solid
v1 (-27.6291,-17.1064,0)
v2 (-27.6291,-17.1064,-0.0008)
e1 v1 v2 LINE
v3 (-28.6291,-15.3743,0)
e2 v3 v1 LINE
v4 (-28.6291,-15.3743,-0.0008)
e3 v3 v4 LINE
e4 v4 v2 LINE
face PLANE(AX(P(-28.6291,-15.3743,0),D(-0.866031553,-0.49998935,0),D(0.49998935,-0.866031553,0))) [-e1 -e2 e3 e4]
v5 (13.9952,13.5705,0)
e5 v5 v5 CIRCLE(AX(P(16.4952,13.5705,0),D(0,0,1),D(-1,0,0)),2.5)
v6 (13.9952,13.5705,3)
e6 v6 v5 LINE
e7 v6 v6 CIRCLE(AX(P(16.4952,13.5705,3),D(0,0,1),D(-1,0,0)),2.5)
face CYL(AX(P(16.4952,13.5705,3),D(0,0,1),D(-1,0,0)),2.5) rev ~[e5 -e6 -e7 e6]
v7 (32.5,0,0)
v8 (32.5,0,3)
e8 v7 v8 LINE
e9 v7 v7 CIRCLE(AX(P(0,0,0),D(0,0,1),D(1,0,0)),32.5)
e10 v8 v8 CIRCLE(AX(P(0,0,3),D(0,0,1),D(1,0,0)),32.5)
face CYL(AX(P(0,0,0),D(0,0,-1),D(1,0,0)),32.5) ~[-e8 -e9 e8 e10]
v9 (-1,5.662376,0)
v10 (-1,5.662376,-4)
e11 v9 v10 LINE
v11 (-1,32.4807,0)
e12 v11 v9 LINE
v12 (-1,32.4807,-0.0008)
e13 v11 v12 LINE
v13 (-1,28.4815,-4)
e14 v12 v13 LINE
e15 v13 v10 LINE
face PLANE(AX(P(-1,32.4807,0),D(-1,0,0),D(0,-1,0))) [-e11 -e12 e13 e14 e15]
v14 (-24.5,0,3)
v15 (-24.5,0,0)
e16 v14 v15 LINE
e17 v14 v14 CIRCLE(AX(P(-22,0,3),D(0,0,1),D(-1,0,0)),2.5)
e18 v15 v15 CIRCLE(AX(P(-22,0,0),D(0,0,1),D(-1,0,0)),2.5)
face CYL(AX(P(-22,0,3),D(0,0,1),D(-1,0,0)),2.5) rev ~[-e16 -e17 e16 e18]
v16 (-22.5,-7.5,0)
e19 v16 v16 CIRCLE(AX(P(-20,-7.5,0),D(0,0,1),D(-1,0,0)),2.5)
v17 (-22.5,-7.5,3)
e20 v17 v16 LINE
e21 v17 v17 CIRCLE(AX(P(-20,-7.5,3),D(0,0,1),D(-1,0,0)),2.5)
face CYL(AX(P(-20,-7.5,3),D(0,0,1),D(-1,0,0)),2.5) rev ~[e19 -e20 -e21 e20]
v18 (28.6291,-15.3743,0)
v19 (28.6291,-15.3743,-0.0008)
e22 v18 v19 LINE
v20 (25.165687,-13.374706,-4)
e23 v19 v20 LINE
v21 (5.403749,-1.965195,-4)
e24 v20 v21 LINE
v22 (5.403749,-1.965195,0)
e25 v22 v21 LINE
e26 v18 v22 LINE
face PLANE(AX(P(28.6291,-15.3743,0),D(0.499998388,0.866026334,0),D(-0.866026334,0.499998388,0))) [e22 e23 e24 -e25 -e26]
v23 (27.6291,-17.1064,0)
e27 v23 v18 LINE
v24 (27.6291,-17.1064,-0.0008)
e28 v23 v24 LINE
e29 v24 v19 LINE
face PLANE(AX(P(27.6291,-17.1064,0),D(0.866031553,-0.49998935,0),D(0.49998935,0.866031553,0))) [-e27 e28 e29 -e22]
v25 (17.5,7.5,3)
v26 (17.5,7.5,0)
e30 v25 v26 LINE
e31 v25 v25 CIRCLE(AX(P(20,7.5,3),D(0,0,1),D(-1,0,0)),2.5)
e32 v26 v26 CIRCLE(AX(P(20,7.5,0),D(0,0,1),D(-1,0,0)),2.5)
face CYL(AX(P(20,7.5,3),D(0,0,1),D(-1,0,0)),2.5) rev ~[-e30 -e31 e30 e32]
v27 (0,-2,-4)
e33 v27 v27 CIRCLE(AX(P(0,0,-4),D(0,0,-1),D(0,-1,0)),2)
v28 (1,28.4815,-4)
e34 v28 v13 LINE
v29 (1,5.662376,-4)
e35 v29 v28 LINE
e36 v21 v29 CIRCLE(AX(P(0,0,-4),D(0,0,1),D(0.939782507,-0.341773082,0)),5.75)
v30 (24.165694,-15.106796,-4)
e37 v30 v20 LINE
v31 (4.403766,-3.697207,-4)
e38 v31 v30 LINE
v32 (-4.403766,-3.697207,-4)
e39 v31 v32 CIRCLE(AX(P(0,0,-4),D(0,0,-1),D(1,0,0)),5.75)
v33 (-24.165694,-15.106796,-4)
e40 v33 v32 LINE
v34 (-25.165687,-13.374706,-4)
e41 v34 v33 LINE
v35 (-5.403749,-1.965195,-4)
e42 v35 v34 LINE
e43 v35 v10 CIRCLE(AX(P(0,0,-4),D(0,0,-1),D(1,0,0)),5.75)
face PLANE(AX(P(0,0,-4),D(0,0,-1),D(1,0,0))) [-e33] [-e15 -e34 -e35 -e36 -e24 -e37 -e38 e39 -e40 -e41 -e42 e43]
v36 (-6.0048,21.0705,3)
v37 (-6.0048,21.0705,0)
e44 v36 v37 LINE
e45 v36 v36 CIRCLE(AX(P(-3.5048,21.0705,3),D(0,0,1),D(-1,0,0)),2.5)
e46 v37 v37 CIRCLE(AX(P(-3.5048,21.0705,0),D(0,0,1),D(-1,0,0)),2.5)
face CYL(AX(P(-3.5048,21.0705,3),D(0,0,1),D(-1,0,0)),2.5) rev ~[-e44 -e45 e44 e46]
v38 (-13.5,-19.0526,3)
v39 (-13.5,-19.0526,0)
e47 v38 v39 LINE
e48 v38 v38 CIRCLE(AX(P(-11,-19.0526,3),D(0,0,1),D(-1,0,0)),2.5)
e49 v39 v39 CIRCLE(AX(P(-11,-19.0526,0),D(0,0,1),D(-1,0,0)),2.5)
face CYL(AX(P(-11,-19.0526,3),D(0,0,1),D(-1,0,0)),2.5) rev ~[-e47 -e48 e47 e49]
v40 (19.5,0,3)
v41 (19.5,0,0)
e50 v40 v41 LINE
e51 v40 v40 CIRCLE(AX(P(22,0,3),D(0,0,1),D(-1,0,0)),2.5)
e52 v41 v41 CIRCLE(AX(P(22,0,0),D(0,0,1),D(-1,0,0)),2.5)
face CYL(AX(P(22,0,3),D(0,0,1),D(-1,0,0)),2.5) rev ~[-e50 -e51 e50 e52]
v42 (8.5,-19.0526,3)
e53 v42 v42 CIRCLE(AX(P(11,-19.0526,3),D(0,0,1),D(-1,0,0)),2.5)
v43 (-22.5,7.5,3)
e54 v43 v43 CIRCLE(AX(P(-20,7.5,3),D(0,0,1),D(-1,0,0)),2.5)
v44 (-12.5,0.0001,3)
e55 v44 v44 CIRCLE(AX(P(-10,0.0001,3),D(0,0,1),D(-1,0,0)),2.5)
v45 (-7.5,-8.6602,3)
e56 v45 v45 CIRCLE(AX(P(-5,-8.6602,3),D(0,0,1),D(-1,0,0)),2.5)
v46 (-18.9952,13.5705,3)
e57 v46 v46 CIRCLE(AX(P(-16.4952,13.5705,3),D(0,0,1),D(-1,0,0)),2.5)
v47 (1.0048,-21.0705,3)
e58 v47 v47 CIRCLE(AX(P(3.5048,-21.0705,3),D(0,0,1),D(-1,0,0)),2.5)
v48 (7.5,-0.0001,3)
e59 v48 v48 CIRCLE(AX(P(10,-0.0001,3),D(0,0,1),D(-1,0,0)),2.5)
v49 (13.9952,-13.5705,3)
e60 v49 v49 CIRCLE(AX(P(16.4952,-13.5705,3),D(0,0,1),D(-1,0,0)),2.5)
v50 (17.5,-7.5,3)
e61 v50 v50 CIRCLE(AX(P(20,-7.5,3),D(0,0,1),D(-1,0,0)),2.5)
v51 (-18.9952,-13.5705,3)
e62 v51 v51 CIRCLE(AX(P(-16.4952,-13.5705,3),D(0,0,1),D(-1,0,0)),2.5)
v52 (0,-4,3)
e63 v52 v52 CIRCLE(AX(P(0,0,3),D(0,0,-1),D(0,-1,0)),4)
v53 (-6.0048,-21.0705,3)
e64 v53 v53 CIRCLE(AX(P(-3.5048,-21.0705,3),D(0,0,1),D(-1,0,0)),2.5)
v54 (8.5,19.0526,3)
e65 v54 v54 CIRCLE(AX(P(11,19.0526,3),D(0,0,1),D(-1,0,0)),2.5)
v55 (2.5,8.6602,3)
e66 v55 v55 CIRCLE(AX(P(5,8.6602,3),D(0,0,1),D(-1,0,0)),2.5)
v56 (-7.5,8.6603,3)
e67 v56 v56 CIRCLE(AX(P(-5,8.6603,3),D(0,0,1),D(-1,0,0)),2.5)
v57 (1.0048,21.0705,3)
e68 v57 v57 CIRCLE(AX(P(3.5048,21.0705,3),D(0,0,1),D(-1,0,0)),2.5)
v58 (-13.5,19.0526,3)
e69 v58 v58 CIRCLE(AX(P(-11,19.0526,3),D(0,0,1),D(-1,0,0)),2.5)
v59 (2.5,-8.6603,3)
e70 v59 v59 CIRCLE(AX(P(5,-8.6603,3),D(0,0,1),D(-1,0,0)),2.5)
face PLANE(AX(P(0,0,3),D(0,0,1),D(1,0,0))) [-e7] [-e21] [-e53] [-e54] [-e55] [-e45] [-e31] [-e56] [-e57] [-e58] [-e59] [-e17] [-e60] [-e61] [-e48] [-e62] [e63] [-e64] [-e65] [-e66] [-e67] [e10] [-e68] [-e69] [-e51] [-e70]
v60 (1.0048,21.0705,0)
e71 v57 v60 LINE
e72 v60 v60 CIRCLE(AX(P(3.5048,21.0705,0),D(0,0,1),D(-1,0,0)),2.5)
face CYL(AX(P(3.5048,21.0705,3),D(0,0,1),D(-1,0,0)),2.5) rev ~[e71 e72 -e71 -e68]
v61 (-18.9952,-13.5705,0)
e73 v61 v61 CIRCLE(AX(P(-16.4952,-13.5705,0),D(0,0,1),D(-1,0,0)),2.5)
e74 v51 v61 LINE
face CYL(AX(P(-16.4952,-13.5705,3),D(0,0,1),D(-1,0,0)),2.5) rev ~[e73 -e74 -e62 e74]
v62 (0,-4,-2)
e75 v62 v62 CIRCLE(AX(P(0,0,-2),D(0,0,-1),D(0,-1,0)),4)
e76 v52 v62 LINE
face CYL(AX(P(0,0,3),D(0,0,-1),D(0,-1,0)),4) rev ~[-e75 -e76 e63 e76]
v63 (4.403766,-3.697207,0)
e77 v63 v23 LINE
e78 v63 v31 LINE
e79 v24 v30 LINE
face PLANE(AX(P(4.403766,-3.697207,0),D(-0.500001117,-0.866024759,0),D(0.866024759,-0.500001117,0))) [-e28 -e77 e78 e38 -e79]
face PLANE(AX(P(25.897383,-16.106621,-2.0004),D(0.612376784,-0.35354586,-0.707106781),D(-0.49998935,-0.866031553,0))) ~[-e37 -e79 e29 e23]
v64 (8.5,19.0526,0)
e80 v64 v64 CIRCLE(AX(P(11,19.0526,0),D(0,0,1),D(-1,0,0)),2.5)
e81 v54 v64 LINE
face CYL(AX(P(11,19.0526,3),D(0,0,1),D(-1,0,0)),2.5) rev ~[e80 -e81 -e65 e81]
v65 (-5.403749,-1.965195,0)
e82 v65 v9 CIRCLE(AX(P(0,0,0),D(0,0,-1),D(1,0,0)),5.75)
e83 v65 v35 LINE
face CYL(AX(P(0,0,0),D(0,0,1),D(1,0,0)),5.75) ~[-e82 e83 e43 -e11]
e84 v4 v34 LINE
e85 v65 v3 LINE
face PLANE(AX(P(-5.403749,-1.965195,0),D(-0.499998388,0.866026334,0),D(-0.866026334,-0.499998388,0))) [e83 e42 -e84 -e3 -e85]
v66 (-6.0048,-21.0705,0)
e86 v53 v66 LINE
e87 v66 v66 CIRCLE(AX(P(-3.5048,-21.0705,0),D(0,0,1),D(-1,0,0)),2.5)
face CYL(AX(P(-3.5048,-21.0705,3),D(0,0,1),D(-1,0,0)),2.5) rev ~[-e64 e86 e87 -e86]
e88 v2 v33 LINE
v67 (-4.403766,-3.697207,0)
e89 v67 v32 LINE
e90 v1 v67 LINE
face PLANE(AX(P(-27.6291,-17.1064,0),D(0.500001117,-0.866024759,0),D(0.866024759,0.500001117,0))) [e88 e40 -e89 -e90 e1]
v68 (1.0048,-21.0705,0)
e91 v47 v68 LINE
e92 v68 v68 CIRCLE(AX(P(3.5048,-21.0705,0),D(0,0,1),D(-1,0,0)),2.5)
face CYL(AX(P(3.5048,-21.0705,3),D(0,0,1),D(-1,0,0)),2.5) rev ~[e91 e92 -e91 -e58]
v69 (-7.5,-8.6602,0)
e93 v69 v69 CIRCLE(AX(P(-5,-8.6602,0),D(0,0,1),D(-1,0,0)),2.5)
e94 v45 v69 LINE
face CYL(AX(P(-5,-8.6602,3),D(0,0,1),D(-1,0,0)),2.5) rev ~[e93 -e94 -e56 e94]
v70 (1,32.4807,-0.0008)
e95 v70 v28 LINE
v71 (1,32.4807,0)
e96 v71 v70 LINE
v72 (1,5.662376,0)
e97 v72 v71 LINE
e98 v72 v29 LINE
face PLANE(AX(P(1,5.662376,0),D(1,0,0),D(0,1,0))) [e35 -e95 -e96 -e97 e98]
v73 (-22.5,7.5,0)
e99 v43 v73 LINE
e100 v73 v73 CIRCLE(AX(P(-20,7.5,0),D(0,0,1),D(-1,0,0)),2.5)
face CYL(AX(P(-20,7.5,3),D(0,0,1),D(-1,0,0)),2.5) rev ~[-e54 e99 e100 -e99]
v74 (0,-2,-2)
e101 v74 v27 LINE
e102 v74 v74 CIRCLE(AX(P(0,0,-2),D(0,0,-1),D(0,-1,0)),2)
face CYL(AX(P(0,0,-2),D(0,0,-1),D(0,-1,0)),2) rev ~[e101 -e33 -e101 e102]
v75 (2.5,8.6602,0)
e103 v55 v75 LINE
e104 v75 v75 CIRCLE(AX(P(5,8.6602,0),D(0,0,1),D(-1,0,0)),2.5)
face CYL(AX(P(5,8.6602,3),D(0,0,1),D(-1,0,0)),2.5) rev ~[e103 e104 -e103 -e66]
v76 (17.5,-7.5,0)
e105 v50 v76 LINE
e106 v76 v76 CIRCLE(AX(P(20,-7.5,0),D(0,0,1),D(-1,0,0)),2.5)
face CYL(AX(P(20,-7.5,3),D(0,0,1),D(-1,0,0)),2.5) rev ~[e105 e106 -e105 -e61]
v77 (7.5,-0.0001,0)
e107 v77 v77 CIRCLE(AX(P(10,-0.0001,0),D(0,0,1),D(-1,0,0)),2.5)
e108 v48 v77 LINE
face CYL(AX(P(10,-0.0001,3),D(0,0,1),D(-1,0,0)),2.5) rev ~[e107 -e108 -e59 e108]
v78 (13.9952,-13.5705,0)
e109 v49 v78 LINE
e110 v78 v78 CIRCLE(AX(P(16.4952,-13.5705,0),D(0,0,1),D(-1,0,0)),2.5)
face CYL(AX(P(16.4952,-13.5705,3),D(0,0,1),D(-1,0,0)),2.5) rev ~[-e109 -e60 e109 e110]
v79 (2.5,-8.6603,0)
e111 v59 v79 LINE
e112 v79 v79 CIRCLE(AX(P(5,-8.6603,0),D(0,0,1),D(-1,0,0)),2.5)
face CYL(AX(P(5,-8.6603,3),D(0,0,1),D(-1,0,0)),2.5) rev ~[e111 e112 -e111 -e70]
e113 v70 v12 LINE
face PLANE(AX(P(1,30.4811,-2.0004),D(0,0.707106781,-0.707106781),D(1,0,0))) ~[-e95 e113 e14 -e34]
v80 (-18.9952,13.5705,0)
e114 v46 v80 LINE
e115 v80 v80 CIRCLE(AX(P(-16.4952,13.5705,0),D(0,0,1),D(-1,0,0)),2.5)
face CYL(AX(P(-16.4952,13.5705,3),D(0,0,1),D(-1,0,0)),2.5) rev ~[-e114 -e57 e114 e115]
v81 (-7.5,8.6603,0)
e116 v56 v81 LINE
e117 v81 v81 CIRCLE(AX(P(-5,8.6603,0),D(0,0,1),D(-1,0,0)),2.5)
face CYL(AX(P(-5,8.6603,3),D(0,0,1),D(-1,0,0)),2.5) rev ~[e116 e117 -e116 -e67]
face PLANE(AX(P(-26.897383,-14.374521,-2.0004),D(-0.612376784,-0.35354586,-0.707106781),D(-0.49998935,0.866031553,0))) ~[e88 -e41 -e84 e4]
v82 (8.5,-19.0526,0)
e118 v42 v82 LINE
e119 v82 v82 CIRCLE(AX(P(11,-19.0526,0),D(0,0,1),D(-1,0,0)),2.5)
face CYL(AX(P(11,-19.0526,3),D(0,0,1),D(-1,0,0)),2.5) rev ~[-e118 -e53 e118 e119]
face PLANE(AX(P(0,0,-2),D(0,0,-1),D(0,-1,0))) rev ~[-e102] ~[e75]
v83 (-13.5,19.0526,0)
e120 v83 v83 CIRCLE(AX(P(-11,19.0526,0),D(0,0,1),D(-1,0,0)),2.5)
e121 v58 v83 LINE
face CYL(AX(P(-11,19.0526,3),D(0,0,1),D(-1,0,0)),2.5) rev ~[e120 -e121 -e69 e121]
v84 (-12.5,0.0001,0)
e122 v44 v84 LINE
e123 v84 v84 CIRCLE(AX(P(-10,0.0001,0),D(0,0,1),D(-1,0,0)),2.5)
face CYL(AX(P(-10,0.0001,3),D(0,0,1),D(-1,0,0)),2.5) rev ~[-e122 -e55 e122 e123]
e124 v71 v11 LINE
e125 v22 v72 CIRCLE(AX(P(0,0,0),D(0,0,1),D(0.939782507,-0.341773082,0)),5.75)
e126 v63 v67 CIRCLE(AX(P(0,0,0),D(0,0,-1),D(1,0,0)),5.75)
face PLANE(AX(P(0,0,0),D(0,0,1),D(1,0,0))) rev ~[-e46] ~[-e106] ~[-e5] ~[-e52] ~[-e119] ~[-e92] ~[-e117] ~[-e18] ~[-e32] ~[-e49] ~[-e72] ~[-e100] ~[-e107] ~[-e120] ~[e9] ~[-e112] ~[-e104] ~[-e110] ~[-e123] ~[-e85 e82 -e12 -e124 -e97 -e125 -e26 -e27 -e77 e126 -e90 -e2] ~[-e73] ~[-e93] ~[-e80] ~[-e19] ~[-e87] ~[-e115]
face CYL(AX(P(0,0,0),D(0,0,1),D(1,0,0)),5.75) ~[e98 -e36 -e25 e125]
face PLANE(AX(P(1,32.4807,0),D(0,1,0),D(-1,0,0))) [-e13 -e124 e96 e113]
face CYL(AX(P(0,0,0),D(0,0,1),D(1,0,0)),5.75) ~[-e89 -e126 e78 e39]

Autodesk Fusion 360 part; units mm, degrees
sketch "Skizze1" plane through (0, 0, 0) normal (0, 0, 1) x (1, 0, 0)
  circle A0 centre (0, 0) radius 32.5
  dimension "d1" = 65
extrude "Extrusion1" add sketch "Skizze1" along normal blind 3
sketch "Skizze2" plane through (0, 0, 0) normal (0, 0, -1) x (1, 0, 0)
  circle A0 centre (0, 0) radius 32.5
  circle A1 centre (0, 0) radius 5.75
  dimension "d4" = 11.5
extrude "Extrusion2" add sketch "Skizze2" along normal blind 4 contours A1
hole "Bohrung1" at (0, 0, 3) direction (0, 0, -1) diameter 4 depth 99 tip angle 118 counterbore diameter 8 counterbore depth 5
sketch "Skizze3" plane through (0, 0, 3) normal (0, 0, 1) x (-1, 0, 0)
  circle A0 centre (0, 0) radius 4
  circle A1 centre (0, 0) radius 32.5
  circle A2 centre (-10, 0.0001) radius 2.5
  circle A3 centre (-22, 0) radius 2.5
  circle A4 centre (-20, 7.5) radius 2.5
  circle A5 centre (-20, -7.5) radius 2.5
  circle A6 centre (-5, -8.6602) radius 2.5
  circle A7 centre (-16.4952, -13.5705) radius 2.5
  circle A8 centre (-11, -19.0526) radius 2.5
  circle A9 centre (-3.5048, -21.0705) radius 2.5
  circle A10 centre (5, -8.6603) radius 2.5
  circle A11 centre (3.5048, -21.0705) radius 2.5
  circle A12 centre (11, -19.0526) radius 2.5
  circle A13 centre (16.4952, -13.5705) radius 2.5
  circle A14 centre (10, -0.0001) radius 2.5
  circle A15 centre (20, -7.5) radius 2.5
  circle A16 centre (22, 0) radius 2.5
  circle A17 centre (20, 7.5) radius 2.5
  circle A18 centre (5, 8.6602) radius 2.5
  circle A19 centre (16.4952, 13.5705) radius 2.5
  circle A20 centre (11, 19.0526) radius 2.5
  circle A21 centre (3.5048, 21.0705) radius 2.5
  circle A22 centre (-5, 8.6603) radius 2.5
  circle A23 centre (-3.5048, 21.0705) radius 2.5
  circle A24 centre (-11, 19.0526) radius 2.5
  circle A25 centre (-16.4952, 13.5705) radius 2.5
  dimension "d12" = 5
  dimension "d13" = 10
  dimension "d14" = 5
  dimension "d15" = 12
  dimension "d18" = 5
  dimension "d19" = 5
  dimension "d21" = 360
extrude "Extrusion3" cut sketch "Skizze3" against normal blind 26 contours A2 | A3 | A4 | A5 | A6 | A7 | A8 | A9 | A10 | A11 | A12 | A13 | A14 | A15 | A16 | A17 | A18 | A19 | A20 | A21 | A22 | A23 | A24 | A25
sketch "Skizze4" plane through (0, 0, 0) normal (0, 0, -1) x (1, 0, 0)
  circle A0 centre (3.5048, -21.0705) radius 2.5
  circle A1 centre (22, 0) radius 2.5
  circle A2 centre (11, 19.0526) radius 2.5
  circle A3 centre (-5, -8.6603) radius 2.5
  circle A4 centre (-22, 0) radius 2.5
  circle A5 centre (-11, 19.0526) radius 2.5
  circle A6 centre (-5, 8.6602) radius 2.5
  circle A7 centre (-10, -0.0001) radius 2.5
  circle A8 centre (5, -8.6602) radius 2.5
  circle A9 centre (16.4952, 13.5705) radius 2.5
  circle A10 centre (20, -7.5) radius 2.5
  circle A11 centre (-3.5048, -21.0705) radius 2.5
  circle A12 centre (11, -19.0526) radius 2.5
  circle A13 centre (20, 7.5) radius 2.5
  circle A14 centre (10, 0.0001) radius 2.5
  circle A15 centre (-11, -19.0526) radius 2.5
  circle A16 centre (-20, 7.5) radius 2.5
  circle A17 centre (-3.5048, 21.0705) radius 2.5
  circle A18 centre (-16.4952, 13.5705) radius 2.5
  circle A19 centre (-16.4952, -13.5705) radius 2.5
  circle A20 centre (-20, -7.5) radius 2.5
  circle A21 centre (3.5048, 21.0705) radius 2.5
  circle A22 centre (16.4952, -13.5705) radius 2.5
  circle A23 centre (5, 8.6603) radius 2.5
  circle A24 centre (0, 0) radius 5.75
  circle A25 centre (0, 0) radius 32.5
  line L0 (1, -32.4807) -> (-1, -32.4807)
  line L1 (-1, -32.4807) -> (-1, -5)
  line L2 (-1, -5) -> (1, -5)
  line L3 (1, -5) -> (1, -32.4807)
  line L4 (28.6291, 15.3743) -> (4.8301, 1.634)
  line L5 (3.8301, 3.366) -> (27.6291, 17.1064)
  line L6 (27.6291, 17.1064) -> (28.6291, 15.3743)
  line L7 (4.8301, 1.634) -> (3.8301, 3.366)
  line L8 (-27.6291, 17.1064) -> (-3.8301, 3.366)
  line L9 (-4.8301, 1.634) -> (-28.6291, 15.3743)
  line L10 (-28.6291, 15.3743) -> (-27.6291, 17.1064)
  line L11 (-3.8301, 3.366) -> (-4.8301, 1.634)
  dimension "d25" = 360
extrude "Extrusion4" add sketch "Skizze4" along normal blind 4 contours A24 L4 L5 L6 | A24 L0 L1 L3 | A24 L8 L9 L10
chamfer "Fase1" distance 4 angle 45 3 edges at (0, 32.4807, -4) (28.1291, -16.2404, -4) (-28.1291, -16.2404, -4)
sketch "Skizze5" plane through (0, 0, 0) normal (0, 0, -1) x (1, 0, 0)
  circle A0 centre (3.5048, -21.0705) radius 2.5
  circle A1 centre (22, 0) radius 2.5
  circle A2 centre (11, 19.0526) radius 2.5
  circle A3 centre (-5, -8.6603) radius 2.5
  circle A4 centre (-22, 0) radius 2.5
  circle A5 centre (-11, 19.0526) radius 2.5
  circle A6 centre (-5, 8.6602) radius 2.5
  circle A7 centre (-10, -0.0001) radius 2.5
  circle A8 centre (5, -8.6602) radius 2.5
  circle A9 centre (16.4952, 13.5705) radius 2.5
  circle A10 centre (20, -7.5) radius 2.5
  circle A11 centre (-3.5048, -21.0705) radius 2.5
  circle A12 centre (11, -19.0526) radius 2.5
  circle A13 centre (20, 7.5) radius 2.5
  circle A14 centre (10, 0.0001) radius 2.5
  circle A15 centre (-11, -19.0526) radius 2.5
  circle A16 centre (-20, 7.5) radius 2.5
  circle A17 centre (-3.5048, 21.0705) radius 2.5
  circle A18 centre (-16.4952, 13.5705) radius 2.5
  circle A19 centre (-16.4952, -13.5705) radius 2.5
  circle A20 centre (-20, -7.5) radius 2.5
  circle A21 centre (3.5048, 21.0705) radius 2.5
  circle A22 centre (16.4952, -13.5705) radius 2.5
  circle A23 centre (5, 8.6603) radius 2.5
  circle A24 centre (0, 0) radius 32.5
  line L0 (-5.4038, 1.9652) -> (-28.6291, 15.3743)
  line L1 (-28.6291, 15.3743) -> (-27.6291, 17.1064)
  line L2 (-27.6291, 17.1064) -> (-4.4038, 3.6972)
  arc A25 (4.4038, 3.6972) -> (-4.4038, 3.6972) centre (0, 0) ccw
  line L3 (4.4038, 3.6972) -> (27.6291, 17.1064)
  line L4 (27.6291, 17.1064) -> (28.6291, 15.3743)
  line L5 (28.6291, 15.3743) -> (5.4038, 1.9652)
  arc A26 (1, -5.6624) -> (5.4038, 1.9652) centre (0, 0) ccw
  line L6 (1, -5.6624) -> (1, -32.4807)
  line L7 (1, -32.4807) -> (-1, -32.4807)
  line L8 (-1, -32.4807) -> (-1, -5.6624)
  arc A27 (-5.4038, 1.9652) -> (-1, -5.6624) centre (0, 0) ccw
